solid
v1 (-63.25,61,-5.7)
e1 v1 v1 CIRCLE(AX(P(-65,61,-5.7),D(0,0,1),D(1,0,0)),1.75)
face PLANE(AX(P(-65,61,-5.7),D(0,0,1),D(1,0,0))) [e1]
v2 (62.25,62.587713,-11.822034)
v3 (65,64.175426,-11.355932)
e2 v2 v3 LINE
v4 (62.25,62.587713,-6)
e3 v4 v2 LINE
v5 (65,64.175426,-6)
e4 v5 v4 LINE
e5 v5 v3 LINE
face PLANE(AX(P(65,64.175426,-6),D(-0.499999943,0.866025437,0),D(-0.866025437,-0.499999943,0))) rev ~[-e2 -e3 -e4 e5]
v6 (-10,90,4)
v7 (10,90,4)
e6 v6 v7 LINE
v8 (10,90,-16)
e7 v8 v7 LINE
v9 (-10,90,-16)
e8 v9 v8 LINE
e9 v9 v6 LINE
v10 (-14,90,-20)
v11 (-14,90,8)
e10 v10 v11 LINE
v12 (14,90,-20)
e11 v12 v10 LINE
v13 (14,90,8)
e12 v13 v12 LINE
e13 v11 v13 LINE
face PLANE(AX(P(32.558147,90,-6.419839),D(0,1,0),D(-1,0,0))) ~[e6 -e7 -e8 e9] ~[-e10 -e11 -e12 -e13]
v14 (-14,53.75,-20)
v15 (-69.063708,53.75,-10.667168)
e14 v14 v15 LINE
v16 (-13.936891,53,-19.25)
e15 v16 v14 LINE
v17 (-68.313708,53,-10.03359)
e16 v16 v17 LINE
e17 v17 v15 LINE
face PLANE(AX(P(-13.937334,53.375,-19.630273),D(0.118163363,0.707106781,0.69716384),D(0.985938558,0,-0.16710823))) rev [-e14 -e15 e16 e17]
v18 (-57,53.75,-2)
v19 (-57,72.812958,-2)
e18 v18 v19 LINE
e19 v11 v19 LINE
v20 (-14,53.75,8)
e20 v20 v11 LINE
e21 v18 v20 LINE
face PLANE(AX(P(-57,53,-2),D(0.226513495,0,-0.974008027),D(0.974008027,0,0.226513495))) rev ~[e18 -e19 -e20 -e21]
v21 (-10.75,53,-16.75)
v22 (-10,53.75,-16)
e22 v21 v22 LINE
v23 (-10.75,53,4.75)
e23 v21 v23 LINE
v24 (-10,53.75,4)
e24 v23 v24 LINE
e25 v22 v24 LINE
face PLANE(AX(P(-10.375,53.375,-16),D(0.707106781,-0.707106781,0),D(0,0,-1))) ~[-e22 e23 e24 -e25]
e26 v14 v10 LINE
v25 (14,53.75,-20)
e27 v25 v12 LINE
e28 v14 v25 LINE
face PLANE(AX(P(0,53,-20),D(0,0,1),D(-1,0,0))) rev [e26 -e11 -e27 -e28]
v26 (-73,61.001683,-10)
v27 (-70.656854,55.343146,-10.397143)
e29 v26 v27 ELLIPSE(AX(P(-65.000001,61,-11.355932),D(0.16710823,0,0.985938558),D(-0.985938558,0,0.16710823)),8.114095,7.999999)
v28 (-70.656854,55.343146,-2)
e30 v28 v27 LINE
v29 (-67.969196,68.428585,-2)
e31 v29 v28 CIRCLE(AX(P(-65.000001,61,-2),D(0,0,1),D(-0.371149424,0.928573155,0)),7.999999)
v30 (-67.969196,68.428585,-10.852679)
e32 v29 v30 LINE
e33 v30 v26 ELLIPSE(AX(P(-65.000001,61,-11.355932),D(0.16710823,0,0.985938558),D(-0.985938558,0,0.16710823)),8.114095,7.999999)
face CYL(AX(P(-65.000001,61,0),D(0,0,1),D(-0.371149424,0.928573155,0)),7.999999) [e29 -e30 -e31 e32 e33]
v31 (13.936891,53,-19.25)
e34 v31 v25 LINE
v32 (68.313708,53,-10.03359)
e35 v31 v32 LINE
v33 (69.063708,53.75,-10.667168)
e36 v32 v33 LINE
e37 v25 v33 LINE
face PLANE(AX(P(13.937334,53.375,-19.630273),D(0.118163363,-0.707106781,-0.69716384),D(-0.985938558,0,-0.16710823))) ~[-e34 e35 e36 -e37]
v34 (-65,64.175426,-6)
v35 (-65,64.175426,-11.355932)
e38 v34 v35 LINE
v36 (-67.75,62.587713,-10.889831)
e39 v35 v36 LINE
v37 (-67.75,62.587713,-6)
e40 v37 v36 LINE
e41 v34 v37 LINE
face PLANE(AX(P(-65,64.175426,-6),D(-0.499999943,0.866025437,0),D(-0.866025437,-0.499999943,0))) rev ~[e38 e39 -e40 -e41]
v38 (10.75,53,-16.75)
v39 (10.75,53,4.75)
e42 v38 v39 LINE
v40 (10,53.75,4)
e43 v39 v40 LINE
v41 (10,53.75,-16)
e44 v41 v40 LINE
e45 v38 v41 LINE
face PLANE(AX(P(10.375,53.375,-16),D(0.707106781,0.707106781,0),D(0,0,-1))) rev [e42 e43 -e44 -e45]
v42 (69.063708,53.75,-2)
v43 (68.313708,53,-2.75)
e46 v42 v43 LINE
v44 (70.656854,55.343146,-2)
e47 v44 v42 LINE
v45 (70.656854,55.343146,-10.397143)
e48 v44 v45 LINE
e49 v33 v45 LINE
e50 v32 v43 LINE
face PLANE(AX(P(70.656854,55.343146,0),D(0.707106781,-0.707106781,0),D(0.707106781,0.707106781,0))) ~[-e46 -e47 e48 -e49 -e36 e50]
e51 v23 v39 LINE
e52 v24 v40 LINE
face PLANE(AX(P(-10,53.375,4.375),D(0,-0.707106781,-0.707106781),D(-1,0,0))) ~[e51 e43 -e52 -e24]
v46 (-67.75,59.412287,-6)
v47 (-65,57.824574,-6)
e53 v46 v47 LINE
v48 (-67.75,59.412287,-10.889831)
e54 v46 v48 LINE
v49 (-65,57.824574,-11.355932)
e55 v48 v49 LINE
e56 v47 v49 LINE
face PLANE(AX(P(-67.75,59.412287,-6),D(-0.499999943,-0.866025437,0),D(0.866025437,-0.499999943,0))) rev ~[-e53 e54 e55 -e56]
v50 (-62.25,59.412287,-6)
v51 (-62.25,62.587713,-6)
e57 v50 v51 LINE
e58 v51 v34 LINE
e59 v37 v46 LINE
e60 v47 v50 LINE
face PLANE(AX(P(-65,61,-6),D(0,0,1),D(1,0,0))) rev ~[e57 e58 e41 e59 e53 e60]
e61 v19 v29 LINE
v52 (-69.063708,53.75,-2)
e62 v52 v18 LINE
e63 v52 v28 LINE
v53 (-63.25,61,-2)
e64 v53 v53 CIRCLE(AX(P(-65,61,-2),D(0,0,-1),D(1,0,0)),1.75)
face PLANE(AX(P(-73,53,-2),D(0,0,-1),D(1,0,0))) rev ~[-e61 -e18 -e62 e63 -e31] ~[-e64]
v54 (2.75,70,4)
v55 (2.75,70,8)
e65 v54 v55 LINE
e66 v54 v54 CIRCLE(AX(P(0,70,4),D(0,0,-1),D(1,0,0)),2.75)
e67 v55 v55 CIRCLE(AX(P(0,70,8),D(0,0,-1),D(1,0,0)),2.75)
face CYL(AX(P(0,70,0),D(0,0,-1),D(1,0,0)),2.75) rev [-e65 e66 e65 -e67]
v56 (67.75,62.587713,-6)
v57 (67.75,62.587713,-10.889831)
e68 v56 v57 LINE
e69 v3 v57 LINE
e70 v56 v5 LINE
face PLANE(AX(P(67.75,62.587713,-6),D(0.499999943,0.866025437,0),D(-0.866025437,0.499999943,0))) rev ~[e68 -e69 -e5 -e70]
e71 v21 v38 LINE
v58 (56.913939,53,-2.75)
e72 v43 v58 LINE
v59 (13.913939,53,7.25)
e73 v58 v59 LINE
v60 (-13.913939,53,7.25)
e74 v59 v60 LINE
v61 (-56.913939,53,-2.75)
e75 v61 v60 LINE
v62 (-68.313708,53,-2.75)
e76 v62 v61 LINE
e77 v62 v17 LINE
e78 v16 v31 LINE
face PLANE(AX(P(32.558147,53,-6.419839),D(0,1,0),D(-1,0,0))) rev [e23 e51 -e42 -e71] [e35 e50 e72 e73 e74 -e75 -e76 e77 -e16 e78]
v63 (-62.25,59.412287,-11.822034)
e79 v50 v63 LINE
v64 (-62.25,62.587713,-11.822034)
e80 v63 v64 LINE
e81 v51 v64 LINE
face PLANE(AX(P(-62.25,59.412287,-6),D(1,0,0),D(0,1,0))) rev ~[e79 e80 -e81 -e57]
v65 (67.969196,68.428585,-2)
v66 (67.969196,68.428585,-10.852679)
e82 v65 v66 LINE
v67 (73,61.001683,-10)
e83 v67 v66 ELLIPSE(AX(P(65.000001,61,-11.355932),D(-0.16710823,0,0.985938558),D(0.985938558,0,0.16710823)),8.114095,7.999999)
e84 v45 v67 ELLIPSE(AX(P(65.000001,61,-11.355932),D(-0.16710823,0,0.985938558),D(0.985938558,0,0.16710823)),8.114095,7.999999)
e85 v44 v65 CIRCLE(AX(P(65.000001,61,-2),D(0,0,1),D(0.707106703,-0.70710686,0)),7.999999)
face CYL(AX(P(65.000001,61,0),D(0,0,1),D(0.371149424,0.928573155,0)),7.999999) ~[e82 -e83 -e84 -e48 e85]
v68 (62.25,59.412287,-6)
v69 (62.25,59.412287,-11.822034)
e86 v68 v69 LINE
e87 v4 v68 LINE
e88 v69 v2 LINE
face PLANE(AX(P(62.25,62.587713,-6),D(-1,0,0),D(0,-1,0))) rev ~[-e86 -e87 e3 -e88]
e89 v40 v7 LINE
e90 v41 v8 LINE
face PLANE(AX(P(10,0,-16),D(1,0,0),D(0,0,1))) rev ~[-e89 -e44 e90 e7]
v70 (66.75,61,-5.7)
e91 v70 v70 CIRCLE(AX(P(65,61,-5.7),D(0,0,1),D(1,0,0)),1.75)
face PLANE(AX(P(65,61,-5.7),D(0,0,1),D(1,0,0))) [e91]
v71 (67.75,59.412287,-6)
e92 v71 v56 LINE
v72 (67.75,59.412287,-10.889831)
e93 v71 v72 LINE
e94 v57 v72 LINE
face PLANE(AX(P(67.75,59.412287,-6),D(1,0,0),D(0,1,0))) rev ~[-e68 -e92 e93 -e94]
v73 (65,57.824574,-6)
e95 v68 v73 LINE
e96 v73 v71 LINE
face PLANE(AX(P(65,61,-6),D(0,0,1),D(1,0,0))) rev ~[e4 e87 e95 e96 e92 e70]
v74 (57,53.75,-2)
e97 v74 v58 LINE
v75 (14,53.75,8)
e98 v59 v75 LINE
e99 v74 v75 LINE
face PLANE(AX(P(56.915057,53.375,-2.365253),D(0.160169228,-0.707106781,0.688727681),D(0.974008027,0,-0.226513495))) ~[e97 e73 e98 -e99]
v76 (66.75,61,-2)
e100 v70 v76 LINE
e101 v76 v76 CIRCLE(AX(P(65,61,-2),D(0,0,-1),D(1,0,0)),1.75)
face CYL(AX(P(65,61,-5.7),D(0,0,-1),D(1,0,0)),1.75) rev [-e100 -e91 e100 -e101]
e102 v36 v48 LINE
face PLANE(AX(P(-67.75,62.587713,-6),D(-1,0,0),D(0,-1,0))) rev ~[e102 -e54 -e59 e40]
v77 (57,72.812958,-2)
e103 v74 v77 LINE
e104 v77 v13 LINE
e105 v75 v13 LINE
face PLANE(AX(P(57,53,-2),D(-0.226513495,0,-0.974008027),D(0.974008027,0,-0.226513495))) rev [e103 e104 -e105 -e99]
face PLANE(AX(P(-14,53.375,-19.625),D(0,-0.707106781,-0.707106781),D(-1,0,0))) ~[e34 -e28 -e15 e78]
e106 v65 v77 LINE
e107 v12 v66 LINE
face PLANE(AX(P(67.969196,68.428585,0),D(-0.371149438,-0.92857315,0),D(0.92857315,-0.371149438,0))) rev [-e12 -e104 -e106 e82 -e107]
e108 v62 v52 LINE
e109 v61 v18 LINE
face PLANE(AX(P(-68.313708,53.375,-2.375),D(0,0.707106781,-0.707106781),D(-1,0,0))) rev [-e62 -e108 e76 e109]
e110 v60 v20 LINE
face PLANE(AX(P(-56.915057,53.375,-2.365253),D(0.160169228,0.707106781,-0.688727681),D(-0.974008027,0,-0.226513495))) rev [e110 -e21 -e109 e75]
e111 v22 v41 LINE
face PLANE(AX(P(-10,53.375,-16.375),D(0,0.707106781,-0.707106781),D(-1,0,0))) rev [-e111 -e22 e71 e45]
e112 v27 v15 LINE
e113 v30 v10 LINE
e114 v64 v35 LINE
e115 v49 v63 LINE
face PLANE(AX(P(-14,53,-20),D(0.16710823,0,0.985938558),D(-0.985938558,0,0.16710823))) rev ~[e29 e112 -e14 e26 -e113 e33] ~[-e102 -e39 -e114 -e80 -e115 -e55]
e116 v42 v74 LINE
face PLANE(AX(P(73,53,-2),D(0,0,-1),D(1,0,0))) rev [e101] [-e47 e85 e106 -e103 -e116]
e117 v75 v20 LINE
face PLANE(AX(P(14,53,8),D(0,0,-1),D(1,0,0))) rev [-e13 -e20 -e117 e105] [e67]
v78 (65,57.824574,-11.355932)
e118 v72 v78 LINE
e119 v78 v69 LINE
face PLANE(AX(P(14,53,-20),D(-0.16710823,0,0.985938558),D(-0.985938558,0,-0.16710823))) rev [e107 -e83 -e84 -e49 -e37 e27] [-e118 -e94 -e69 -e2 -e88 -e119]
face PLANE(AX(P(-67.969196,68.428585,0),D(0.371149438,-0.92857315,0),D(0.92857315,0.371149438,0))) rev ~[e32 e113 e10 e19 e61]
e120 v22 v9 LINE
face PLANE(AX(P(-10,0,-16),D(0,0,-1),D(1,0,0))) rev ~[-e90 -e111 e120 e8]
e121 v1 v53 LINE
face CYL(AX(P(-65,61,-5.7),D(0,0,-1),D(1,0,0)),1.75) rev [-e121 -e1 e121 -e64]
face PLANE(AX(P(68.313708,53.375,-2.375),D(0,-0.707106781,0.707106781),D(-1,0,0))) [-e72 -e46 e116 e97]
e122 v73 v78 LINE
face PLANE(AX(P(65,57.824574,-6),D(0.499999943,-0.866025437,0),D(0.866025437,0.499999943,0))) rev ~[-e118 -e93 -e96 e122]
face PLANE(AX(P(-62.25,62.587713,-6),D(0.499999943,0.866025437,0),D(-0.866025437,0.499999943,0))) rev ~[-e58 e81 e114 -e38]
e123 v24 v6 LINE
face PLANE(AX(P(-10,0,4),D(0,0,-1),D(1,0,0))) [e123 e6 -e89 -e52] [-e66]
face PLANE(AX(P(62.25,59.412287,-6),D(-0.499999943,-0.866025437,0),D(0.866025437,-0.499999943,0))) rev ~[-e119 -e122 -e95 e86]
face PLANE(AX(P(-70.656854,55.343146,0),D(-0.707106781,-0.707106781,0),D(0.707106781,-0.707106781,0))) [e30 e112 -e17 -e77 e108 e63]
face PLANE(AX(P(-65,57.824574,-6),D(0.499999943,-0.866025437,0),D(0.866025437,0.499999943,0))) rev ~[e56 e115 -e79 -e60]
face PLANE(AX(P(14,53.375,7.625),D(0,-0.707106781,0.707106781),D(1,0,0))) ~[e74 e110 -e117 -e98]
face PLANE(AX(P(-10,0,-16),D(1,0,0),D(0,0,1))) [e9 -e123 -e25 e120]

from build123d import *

# Parameters (mm, degrees)
PAD136_START         = -53
PAD136_DEPTH         = 37
SKETCH610_W          = 20
SKETCH610_H          = 20
POCKET435_DEPTH      = 90.001
POCKET435_DEPTH_BACK = 0.001
POCKET436_DEPTH      = 326.392906
POCKET436_DEPTH_BACK = 314.392906
SKETCH612_R          = 1.75
POCKET437_DEPTH      = 13.701
POCKET438_DEPTH      = 14.001
SKETCH614_R          = 2.75
POCKET439_DEPTH      = 8.001
CHAMFER023_SIZE      = 0.75


with BuildPart() as part:
    # Sketch609 → Pad136 (new body)
    with BuildSketch(Plane.XZ.offset(PAD136_START)):
        Polygon((-73, -2), (-57, -2), (-14, 8), (0, 8), (0, -20), (-14, -20), (-73, -10), align=None)
    pad136 = extrude(amount=-PAD136_DEPTH)

    # Mirrored016: Pad136 across YZ
    add(pad136.mirror(Plane.YZ))

    # Sketch610 → Pocket435 (cut, two sides)
    with BuildSketch(Plane.XZ) as pocket435_sk:
        with Locations((0, -6)):
            Rectangle(SKETCH610_W, SKETCH610_H)
    extrude(amount=-POCKET435_DEPTH, mode=Mode.SUBTRACT)
    extrude(pocket435_sk.sketch, amount=POCKET435_DEPTH_BACK, mode=Mode.SUBTRACT)

    # Sketch611 → Pocket436 (cut, two sides)
    with BuildSketch(Plane.XY) as pocket436_sk:
        with BuildLine():
            Line((-14, 90), (-80, 90))
            Line((-80, 90), (-80, 53))
            Line((-68.313708, 53), (-80, 53))
            Line((-70.656854, 55.343146), (-68.313708, 53))
            ThreePointArc((-67.969196, 68.428585), (-72.836413, 62.609545), (-70.656854, 55.343146))
            Line((-67.969196, 68.428585), (-14, 90))
        make_face()
    pocket436 = extrude(amount=-POCKET436_DEPTH, mode=Mode.SUBTRACT) + extrude(pocket436_sk.sketch, amount=POCKET436_DEPTH_BACK, mode=Mode.SUBTRACT)

    # Mirrored017: Pocket436 across YZ
    add(pocket436.mirror(Plane.YZ), mode=Mode.SUBTRACT)

    # Sketch612 → Pocket437 (cut, through all)
    with BuildSketch(Plane.XY.offset(-5.7)):
        with Locations((-65, 61)):
            Circle(SKETCH612_R)
        with Locations((65, 61)):
            Circle(SKETCH612_R)
    extrude(amount=POCKET437_DEPTH, mode=Mode.SUBTRACT)

    # Sketch613 → Pocket438 (cut, through all)
    with BuildSketch(Plane.XY.offset(-6)):
        Polygon((-62.25, 59.412287), (-62.25, 62.587713), (-65, 64.175426), (-67.75, 62.587713), (-67.75, 59.412287), (-65, 57.824574), align=None)
        Polygon((67.75, 59.412287), (67.75, 62.587713), (65, 64.175426), (62.25, 62.587713), (62.25, 59.412287), (65, 57.824574), align=None)
    extrude(amount=-POCKET438_DEPTH, mode=Mode.SUBTRACT)

    # Sketch614 → Pocket439 (cut, through all)
    with BuildSketch(Plane.XY):
        with Locations((0, 70)):
            Circle(SKETCH614_R)
    extrude(amount=POCKET439_DEPTH, mode=Mode.SUBTRACT)

    # Chamfer023
    chamfer023_edges = [part.edges().sort_by_distance(p)[0] for p in [
        (41.156854, 53, -15.397143),
        (0, 53, -20),
        (-41.156854, 53, -15.397143),
        (62.656854, 53, -2),
        (35.5, 53, 3),
        (0, 53, 8),
        (-35.5, 53, 3),
        (-62.656854, 53, -2),
        (0, 53, -16),
        (-10, 53, -6),
        (10, 53, -6),
        (0, 53, 4),
    ]]
    chamfer(chamfer023_edges, length=CHAMFER023_SIZE)


solid = part.part
